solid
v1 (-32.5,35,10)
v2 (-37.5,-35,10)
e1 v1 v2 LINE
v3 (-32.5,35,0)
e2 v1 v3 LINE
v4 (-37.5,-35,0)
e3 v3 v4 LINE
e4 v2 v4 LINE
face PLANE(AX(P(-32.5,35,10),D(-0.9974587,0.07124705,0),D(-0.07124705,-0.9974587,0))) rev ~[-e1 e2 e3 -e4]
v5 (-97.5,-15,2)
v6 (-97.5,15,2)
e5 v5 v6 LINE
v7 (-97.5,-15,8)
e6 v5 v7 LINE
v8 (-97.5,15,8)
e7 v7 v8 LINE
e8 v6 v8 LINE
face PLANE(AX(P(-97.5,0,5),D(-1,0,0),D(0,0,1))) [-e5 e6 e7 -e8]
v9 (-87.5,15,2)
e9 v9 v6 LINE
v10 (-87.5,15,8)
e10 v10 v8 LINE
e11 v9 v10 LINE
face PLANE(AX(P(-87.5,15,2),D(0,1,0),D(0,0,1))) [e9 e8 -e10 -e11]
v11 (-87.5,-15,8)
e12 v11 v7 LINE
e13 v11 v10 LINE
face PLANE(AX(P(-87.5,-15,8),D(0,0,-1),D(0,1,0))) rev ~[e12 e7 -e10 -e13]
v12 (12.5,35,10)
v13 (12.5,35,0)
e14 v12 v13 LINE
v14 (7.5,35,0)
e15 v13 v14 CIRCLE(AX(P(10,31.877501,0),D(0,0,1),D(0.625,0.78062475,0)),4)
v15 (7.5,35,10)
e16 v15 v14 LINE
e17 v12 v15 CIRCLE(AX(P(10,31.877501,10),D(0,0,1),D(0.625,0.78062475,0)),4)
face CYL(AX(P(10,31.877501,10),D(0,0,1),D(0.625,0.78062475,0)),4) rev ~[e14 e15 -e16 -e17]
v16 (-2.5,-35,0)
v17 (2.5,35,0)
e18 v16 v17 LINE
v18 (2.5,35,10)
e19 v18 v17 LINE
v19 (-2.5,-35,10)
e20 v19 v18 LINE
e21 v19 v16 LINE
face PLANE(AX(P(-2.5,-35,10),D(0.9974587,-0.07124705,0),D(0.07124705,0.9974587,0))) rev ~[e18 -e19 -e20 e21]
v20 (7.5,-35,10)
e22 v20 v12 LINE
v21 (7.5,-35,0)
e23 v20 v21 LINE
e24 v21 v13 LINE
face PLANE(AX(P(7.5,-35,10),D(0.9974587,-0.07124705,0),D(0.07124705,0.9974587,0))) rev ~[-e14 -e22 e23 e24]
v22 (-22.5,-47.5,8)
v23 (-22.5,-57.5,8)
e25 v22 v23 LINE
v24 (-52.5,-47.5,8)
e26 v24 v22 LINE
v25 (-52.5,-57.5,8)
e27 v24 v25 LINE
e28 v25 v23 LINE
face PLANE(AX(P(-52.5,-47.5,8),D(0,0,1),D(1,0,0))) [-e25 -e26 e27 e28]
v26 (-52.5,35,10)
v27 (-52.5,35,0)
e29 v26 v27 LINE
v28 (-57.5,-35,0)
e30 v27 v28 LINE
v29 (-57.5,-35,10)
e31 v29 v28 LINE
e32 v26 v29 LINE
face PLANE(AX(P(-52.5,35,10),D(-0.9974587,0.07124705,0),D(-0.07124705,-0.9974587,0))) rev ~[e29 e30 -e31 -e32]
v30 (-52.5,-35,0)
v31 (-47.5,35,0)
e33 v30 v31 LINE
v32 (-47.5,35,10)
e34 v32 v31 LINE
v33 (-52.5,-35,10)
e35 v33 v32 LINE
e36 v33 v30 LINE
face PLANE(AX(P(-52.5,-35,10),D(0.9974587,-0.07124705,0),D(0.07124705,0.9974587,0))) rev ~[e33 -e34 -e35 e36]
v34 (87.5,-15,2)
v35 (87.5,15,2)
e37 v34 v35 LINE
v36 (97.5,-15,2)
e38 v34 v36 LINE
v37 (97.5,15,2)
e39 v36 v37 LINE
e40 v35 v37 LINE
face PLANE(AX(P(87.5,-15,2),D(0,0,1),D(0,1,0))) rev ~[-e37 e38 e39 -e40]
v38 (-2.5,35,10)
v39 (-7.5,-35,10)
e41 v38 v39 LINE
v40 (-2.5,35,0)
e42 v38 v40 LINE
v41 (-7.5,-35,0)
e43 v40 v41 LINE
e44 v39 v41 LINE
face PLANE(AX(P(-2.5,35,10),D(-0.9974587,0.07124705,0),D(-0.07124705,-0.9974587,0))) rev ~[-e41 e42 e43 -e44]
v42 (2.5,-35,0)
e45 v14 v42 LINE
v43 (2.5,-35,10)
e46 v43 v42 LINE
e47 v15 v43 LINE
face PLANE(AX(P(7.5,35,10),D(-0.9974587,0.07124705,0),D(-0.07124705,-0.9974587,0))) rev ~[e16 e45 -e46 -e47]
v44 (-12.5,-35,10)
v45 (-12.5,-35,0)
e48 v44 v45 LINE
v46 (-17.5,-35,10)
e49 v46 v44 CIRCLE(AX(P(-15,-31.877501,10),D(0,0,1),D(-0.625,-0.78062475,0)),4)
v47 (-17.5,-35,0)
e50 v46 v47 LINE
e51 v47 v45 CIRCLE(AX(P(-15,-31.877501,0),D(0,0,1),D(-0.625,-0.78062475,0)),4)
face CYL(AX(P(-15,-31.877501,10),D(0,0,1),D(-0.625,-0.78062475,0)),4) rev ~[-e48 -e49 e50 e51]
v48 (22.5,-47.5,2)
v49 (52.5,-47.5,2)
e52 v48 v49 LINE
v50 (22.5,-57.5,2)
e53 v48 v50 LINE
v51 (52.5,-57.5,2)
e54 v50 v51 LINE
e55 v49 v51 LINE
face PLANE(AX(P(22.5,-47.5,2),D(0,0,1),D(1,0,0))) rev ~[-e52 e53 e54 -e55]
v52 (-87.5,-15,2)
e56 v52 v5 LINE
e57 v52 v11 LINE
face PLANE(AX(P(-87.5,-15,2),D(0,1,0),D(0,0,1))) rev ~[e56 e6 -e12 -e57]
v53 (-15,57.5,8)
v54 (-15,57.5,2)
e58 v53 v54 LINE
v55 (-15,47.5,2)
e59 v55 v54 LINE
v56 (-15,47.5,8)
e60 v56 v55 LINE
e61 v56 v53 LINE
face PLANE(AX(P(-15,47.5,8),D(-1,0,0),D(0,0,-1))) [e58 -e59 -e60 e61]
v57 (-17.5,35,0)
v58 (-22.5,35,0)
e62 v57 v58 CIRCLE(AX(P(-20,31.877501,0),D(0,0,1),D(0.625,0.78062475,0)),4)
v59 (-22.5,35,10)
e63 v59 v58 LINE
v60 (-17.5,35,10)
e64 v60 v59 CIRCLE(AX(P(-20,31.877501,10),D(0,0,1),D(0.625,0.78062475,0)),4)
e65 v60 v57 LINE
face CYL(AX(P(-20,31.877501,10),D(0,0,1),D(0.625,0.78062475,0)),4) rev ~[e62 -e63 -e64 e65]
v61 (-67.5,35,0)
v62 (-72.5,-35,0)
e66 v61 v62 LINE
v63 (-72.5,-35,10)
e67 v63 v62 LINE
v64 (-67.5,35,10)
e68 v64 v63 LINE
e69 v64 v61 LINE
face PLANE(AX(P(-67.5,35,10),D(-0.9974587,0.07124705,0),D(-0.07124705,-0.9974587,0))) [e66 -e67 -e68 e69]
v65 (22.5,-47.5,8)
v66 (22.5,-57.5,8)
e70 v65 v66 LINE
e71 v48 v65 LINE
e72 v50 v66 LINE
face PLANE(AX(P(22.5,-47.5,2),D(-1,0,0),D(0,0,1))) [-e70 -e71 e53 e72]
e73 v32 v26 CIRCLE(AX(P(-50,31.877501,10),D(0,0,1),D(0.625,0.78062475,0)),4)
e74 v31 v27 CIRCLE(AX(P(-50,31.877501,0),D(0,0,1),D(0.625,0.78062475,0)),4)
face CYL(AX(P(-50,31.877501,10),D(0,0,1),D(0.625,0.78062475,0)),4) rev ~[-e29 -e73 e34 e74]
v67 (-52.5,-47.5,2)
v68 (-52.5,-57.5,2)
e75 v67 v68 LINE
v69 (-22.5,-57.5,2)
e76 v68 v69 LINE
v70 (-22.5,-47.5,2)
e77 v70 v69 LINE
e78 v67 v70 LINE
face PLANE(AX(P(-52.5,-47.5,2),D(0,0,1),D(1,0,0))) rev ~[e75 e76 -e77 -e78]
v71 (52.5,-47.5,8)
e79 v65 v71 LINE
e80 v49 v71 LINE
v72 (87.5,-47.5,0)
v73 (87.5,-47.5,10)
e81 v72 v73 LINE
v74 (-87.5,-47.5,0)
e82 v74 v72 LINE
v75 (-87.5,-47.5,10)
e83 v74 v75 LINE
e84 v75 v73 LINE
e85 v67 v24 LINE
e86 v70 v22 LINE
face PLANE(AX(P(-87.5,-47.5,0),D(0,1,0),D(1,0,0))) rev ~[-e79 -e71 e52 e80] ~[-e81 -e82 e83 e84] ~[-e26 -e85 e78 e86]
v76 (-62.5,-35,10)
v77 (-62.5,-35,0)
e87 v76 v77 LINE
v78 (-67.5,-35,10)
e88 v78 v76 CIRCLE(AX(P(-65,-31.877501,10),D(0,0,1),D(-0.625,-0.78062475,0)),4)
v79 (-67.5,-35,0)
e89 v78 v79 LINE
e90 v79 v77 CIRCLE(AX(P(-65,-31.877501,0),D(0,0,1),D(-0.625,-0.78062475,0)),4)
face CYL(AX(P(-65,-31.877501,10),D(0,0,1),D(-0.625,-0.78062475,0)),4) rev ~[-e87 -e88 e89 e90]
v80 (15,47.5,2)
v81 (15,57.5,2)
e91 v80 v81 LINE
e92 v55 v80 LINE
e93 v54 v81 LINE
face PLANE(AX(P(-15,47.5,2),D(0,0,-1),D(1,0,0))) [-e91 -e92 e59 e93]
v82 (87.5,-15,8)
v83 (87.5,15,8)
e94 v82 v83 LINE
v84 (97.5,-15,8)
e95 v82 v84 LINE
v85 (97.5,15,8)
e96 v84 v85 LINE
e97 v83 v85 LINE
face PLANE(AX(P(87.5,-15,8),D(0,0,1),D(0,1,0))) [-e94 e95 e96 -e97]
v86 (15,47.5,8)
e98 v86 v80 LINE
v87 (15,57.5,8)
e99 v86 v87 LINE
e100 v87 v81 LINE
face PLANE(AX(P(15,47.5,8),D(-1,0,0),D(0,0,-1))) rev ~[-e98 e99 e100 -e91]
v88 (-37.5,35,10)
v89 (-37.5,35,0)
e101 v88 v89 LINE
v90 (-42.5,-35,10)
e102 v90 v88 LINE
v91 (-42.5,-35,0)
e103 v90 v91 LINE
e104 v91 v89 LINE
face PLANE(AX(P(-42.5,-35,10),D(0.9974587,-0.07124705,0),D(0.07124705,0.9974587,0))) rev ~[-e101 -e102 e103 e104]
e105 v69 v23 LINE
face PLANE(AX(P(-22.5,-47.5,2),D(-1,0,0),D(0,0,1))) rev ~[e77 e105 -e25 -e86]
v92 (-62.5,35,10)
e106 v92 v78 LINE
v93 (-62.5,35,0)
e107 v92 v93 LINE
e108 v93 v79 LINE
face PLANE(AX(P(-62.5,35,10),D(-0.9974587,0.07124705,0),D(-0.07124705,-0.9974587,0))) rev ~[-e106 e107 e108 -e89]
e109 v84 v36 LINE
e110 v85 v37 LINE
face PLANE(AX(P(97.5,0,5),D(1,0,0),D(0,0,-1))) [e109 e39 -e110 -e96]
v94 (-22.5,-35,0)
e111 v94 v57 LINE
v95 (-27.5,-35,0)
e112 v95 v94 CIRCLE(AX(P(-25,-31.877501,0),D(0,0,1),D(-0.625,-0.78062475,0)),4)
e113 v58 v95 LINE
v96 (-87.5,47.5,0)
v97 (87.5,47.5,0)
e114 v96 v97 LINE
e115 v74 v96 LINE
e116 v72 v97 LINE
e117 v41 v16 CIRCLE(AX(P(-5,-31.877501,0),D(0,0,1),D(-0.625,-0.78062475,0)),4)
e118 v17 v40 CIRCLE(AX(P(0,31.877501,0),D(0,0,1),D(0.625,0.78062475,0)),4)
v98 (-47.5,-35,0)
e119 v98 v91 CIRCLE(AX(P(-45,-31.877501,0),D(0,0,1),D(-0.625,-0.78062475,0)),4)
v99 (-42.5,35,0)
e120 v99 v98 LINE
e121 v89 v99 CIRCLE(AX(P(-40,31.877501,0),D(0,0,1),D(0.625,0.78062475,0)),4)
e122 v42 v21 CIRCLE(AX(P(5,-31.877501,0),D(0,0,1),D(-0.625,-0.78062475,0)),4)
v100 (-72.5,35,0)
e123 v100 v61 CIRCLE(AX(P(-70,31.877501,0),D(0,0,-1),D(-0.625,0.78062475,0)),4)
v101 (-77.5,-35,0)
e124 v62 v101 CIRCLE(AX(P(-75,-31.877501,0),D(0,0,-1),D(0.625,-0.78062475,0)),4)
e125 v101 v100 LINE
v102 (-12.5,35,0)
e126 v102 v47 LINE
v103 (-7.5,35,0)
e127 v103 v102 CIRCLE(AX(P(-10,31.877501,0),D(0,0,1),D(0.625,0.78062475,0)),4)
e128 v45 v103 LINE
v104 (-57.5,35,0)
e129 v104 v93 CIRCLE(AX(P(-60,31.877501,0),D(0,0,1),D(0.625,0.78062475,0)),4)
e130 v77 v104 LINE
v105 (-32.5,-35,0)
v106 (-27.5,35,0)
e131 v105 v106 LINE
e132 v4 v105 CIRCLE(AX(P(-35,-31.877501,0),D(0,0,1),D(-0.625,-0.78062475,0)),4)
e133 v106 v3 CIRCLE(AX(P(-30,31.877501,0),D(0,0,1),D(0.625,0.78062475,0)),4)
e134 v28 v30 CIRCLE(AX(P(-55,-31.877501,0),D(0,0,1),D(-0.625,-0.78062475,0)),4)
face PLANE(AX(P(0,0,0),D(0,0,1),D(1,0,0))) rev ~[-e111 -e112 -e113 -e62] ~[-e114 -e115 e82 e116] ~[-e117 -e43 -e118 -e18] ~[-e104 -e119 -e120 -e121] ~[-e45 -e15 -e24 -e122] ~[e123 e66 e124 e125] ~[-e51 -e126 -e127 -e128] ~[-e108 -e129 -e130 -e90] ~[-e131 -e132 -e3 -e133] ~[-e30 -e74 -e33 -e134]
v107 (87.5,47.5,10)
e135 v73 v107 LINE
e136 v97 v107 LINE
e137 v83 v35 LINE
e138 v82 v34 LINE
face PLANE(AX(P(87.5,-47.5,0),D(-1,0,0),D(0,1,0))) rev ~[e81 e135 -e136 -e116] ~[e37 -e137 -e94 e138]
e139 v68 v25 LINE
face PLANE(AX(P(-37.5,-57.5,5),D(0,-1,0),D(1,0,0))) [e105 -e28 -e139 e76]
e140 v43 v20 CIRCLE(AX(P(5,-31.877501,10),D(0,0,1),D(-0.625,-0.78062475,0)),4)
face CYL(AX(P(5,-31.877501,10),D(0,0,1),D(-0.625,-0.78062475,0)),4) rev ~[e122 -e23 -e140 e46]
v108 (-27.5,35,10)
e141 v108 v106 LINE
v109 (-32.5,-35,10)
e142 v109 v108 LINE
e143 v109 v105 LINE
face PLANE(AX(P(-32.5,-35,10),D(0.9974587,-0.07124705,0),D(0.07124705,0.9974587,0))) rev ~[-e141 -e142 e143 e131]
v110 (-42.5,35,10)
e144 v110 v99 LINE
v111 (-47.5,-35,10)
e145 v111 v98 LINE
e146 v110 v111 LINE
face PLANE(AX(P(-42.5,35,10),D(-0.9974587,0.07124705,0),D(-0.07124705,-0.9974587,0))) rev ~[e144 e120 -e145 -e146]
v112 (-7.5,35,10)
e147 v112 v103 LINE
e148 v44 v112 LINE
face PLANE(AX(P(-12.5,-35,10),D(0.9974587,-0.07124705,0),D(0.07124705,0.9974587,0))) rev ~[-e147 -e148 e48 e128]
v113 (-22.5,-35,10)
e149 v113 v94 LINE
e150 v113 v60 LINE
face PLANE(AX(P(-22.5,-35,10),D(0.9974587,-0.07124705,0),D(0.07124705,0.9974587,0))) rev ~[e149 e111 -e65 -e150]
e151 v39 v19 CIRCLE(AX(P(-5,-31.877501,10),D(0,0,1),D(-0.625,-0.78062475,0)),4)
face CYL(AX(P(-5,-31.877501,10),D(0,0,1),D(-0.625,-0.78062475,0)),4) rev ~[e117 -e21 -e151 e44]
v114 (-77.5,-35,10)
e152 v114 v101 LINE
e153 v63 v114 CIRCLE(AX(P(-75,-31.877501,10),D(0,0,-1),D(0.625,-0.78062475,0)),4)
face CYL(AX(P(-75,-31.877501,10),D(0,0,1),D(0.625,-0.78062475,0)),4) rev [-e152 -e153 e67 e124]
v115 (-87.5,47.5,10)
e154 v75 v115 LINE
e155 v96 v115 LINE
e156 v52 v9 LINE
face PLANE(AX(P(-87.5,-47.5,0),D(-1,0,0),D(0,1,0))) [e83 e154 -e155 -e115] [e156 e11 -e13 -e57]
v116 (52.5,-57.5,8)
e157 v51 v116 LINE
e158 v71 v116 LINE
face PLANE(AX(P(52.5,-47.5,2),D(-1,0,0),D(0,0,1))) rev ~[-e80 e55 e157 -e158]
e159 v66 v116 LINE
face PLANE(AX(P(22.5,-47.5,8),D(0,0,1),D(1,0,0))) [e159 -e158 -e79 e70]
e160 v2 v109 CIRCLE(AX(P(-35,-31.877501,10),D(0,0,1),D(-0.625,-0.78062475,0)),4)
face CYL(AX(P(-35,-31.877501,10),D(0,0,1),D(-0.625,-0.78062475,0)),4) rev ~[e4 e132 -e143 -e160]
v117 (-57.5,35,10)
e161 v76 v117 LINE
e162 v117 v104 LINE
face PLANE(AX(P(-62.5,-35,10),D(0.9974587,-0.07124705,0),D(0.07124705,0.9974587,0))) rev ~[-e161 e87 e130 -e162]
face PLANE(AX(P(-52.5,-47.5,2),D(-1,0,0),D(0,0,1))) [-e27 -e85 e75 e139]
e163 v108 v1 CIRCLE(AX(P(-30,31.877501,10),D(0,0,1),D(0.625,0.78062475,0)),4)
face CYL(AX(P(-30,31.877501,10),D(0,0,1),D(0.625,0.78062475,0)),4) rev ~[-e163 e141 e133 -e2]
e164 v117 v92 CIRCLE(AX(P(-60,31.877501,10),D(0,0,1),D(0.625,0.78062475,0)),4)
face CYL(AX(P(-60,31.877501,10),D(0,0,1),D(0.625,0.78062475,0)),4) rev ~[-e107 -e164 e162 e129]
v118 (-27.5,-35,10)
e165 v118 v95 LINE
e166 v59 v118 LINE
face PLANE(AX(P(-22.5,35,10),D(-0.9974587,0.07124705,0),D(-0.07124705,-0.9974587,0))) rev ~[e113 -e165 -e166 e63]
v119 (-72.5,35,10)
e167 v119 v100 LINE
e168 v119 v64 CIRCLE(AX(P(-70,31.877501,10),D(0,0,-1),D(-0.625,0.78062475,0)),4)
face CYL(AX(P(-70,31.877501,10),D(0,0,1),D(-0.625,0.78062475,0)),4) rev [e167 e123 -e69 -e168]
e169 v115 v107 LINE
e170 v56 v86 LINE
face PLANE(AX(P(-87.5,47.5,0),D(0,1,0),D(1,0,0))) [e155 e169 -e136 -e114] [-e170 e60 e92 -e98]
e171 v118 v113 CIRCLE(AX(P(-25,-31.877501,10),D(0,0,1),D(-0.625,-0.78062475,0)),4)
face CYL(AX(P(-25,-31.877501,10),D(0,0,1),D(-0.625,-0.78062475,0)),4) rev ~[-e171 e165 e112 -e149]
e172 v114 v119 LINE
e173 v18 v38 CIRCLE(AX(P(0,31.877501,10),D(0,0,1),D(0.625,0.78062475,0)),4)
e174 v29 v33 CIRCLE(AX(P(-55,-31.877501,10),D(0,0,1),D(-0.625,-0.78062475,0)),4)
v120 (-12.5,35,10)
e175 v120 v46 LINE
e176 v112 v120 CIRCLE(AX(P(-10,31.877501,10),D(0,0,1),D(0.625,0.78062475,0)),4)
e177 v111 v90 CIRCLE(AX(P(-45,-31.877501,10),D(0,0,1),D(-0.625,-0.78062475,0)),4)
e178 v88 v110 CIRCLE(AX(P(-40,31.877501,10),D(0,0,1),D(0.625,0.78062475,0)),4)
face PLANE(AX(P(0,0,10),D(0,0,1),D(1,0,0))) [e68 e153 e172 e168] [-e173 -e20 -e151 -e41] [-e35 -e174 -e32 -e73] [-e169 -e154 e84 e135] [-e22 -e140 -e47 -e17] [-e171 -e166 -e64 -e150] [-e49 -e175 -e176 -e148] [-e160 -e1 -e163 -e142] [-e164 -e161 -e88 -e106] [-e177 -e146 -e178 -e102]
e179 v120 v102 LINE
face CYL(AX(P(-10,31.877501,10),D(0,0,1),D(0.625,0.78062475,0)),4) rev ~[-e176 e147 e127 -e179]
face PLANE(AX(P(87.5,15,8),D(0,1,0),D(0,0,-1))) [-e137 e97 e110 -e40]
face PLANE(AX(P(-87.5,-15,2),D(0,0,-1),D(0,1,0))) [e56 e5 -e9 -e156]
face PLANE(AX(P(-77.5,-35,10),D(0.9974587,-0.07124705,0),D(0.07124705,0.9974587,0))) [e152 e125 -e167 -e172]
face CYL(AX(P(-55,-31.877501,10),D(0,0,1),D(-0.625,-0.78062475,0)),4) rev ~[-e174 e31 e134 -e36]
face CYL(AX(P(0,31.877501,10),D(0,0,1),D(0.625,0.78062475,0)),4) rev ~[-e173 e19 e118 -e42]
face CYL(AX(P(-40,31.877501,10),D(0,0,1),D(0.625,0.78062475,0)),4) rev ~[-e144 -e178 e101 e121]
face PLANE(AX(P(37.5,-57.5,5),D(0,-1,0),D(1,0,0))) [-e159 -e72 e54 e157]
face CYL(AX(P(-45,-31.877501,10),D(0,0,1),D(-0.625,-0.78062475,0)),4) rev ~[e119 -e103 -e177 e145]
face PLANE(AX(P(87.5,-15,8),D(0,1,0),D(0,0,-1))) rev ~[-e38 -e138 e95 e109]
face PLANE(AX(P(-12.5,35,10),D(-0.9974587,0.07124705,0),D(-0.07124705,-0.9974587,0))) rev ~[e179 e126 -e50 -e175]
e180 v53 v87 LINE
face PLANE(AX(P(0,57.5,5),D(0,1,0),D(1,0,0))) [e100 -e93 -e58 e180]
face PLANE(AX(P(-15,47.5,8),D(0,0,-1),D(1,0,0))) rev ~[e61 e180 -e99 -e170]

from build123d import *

# Parameters (mm, degrees)
ESBO_O1_W                = 175
ESBO_O1_H                = 95
RESSALTO_EXTRUS_O1_DEPTH = 10
ESBO_O2_W                = 6
ESBO_O2_H                = 30
RESSALTO_EXTRUS_O2_DEPTH = 10
ESBO_O3_W                = 6
ESBO_O3_H                = 30
RESSALTO_EXTRUS_O3_DEPTH = 10
ESBO_O4_W                = 30
ESBO_O4_H                = 6
RESSALTO_EXTRUS_O4_DEPTH = 10
ESBO_O5_W                = 30
ESBO_O5_H                = 6
RESSALTO_EXTRUS_O5_DEPTH = 10
CORTE_EXTRUS_O1_DEPTH    = 10


with BuildPart() as part:
    # Esboço1 → Ressalto-extrusão1 (new body)
    with BuildSketch(Plane.XY):
        Rectangle(ESBO_O1_W, ESBO_O1_H)
    extrude(amount=RESSALTO_EXTRUS_O1_DEPTH)

    # Esboço2 → Ressalto-extrusão2 (add)
    with BuildSketch(Plane.ZY.offset(87.5)):
        with Locations((5, 0)):
            Rectangle(ESBO_O2_W, ESBO_O2_H)
    extrude(amount=RESSALTO_EXTRUS_O2_DEPTH)

    # Esboço3 → Ressalto-extrusão3 (add)
    with BuildSketch(Plane(origin=(87.5, 0, 0), x_dir=(0, 0, -1), z_dir=(1, 0, 0))):
        with Locations((-5, 0)):
            Rectangle(ESBO_O3_W, ESBO_O3_H)
    extrude(amount=RESSALTO_EXTRUS_O3_DEPTH)

    # Esboço4 → Ressalto-extrusão4 (add)
    with BuildSketch(Plane.XZ.offset(47.5)):
        with Locations((37.5, 5)):
            Rectangle(ESBO_O4_W, ESBO_O4_H)
        with Locations((-37.5, 5)):
            Rectangle(ESBO_O4_W, ESBO_O4_H)
    extrude(amount=RESSALTO_EXTRUS_O4_DEPTH)

    # Esboço5 → Ressalto-extrusão5 (add)
    with BuildSketch(Plane(origin=(0, 47.5, 0), x_dir=(1, 0, 0), z_dir=(0, 1, 0))):
        with Locations((0, -5)):
            Rectangle(ESBO_O5_W, ESBO_O5_H)
    extrude(amount=RESSALTO_EXTRUS_O5_DEPTH)

    # Esboço6 → Corte-extrusão1 (cut)
    with BuildSketch(Plane.XY.offset(10)):
        with BuildLine():
            Line((-77.5, -35), (-72.5, 35))
            ThreePointArc((-72.5, 35), (-70, 35.877501001), (-67.5, 35))
            Line((-67.5, 35), (-72.5, -35))
            ThreePointArc((-72.5, -35), (-75, -35.877501001), (-77.5, -35))
        make_face()
        with BuildLine():
            Line((-62.5, -35), (-57.5, 35))
            ThreePointArc((-57.5, 35), (-60, 35.877501001), (-62.5, 35))
            Line((-62.5, 35), (-67.5, -35))
            ThreePointArc((-67.5, -35), (-65, -35.877501001), (-62.5, -35))
        make_face()
        with BuildLine():
            Line((-52.5, -35), (-47.5, 35))
            ThreePointArc((-47.5, 35), (-50, 35.877501001), (-52.5, 35))
            Line((-52.5, 35), (-57.5, -35))
            ThreePointArc((-57.5, -35), (-55, -35.877501001), (-52.5, -35))
        make_face()
        with BuildLine():
            Line((-42.5, -35), (-37.5, 35))
            ThreePointArc((-37.5, 35), (-40, 35.877501001), (-42.5, 35))
            Line((-42.5, 35), (-47.5, -35))
            ThreePointArc((-47.5, -35), (-45, -35.877501001), (-42.5, -35))
        make_face()
        with BuildLine():
            Line((-32.5, -35), (-27.5, 35))
            ThreePointArc((-27.5, 35), (-30, 35.877501001), (-32.5, 35))
            Line((-32.5, 35), (-37.5, -35))
            ThreePointArc((-37.5, -35), (-35, -35.877501001), (-32.5, -35))
        make_face()
        with BuildLine():
            Line((-22.5, -35), (-17.5, 35))
            ThreePointArc((-17.5, 35), (-20, 35.877501001), (-22.5, 35))
            Line((-22.5, 35), (-27.5, -35))
            ThreePointArc((-27.5, -35), (-25, -35.877501001), (-22.5, -35))
        make_face()
        with BuildLine():
            Line((-12.5, -35), (-7.5, 35))
            ThreePointArc((-7.5, 35), (-10, 35.877501001), (-12.5, 35))
            Line((-12.5, 35), (-17.5, -35))
            ThreePointArc((-17.5, -35), (-15, -35.877501001), (-12.5, -35))
        make_face()
        with BuildLine():
            Line((-2.5, -35), (2.5, 35))
            ThreePointArc((2.5, 35), (0, 35.877501001), (-2.5, 35))
            Line((-2.5, 35), (-7.5, -35))
            ThreePointArc((-7.5, -35), (-5, -35.877501001), (-2.5, -35))
        make_face()
        with BuildLine():
            Line((7.5, -35), (12.5, 35))
            ThreePointArc((12.5, 35), (10, 35.877501001), (7.5, 35))
            Line((7.5, 35), (2.5, -35))
            ThreePointArc((2.5, -35), (5, -35.877501001), (7.5, -35))
        make_face()
    extrude(amount=-CORTE_EXTRUS_O1_DEPTH, mode=Mode.SUBTRACT)


solid = part.part
